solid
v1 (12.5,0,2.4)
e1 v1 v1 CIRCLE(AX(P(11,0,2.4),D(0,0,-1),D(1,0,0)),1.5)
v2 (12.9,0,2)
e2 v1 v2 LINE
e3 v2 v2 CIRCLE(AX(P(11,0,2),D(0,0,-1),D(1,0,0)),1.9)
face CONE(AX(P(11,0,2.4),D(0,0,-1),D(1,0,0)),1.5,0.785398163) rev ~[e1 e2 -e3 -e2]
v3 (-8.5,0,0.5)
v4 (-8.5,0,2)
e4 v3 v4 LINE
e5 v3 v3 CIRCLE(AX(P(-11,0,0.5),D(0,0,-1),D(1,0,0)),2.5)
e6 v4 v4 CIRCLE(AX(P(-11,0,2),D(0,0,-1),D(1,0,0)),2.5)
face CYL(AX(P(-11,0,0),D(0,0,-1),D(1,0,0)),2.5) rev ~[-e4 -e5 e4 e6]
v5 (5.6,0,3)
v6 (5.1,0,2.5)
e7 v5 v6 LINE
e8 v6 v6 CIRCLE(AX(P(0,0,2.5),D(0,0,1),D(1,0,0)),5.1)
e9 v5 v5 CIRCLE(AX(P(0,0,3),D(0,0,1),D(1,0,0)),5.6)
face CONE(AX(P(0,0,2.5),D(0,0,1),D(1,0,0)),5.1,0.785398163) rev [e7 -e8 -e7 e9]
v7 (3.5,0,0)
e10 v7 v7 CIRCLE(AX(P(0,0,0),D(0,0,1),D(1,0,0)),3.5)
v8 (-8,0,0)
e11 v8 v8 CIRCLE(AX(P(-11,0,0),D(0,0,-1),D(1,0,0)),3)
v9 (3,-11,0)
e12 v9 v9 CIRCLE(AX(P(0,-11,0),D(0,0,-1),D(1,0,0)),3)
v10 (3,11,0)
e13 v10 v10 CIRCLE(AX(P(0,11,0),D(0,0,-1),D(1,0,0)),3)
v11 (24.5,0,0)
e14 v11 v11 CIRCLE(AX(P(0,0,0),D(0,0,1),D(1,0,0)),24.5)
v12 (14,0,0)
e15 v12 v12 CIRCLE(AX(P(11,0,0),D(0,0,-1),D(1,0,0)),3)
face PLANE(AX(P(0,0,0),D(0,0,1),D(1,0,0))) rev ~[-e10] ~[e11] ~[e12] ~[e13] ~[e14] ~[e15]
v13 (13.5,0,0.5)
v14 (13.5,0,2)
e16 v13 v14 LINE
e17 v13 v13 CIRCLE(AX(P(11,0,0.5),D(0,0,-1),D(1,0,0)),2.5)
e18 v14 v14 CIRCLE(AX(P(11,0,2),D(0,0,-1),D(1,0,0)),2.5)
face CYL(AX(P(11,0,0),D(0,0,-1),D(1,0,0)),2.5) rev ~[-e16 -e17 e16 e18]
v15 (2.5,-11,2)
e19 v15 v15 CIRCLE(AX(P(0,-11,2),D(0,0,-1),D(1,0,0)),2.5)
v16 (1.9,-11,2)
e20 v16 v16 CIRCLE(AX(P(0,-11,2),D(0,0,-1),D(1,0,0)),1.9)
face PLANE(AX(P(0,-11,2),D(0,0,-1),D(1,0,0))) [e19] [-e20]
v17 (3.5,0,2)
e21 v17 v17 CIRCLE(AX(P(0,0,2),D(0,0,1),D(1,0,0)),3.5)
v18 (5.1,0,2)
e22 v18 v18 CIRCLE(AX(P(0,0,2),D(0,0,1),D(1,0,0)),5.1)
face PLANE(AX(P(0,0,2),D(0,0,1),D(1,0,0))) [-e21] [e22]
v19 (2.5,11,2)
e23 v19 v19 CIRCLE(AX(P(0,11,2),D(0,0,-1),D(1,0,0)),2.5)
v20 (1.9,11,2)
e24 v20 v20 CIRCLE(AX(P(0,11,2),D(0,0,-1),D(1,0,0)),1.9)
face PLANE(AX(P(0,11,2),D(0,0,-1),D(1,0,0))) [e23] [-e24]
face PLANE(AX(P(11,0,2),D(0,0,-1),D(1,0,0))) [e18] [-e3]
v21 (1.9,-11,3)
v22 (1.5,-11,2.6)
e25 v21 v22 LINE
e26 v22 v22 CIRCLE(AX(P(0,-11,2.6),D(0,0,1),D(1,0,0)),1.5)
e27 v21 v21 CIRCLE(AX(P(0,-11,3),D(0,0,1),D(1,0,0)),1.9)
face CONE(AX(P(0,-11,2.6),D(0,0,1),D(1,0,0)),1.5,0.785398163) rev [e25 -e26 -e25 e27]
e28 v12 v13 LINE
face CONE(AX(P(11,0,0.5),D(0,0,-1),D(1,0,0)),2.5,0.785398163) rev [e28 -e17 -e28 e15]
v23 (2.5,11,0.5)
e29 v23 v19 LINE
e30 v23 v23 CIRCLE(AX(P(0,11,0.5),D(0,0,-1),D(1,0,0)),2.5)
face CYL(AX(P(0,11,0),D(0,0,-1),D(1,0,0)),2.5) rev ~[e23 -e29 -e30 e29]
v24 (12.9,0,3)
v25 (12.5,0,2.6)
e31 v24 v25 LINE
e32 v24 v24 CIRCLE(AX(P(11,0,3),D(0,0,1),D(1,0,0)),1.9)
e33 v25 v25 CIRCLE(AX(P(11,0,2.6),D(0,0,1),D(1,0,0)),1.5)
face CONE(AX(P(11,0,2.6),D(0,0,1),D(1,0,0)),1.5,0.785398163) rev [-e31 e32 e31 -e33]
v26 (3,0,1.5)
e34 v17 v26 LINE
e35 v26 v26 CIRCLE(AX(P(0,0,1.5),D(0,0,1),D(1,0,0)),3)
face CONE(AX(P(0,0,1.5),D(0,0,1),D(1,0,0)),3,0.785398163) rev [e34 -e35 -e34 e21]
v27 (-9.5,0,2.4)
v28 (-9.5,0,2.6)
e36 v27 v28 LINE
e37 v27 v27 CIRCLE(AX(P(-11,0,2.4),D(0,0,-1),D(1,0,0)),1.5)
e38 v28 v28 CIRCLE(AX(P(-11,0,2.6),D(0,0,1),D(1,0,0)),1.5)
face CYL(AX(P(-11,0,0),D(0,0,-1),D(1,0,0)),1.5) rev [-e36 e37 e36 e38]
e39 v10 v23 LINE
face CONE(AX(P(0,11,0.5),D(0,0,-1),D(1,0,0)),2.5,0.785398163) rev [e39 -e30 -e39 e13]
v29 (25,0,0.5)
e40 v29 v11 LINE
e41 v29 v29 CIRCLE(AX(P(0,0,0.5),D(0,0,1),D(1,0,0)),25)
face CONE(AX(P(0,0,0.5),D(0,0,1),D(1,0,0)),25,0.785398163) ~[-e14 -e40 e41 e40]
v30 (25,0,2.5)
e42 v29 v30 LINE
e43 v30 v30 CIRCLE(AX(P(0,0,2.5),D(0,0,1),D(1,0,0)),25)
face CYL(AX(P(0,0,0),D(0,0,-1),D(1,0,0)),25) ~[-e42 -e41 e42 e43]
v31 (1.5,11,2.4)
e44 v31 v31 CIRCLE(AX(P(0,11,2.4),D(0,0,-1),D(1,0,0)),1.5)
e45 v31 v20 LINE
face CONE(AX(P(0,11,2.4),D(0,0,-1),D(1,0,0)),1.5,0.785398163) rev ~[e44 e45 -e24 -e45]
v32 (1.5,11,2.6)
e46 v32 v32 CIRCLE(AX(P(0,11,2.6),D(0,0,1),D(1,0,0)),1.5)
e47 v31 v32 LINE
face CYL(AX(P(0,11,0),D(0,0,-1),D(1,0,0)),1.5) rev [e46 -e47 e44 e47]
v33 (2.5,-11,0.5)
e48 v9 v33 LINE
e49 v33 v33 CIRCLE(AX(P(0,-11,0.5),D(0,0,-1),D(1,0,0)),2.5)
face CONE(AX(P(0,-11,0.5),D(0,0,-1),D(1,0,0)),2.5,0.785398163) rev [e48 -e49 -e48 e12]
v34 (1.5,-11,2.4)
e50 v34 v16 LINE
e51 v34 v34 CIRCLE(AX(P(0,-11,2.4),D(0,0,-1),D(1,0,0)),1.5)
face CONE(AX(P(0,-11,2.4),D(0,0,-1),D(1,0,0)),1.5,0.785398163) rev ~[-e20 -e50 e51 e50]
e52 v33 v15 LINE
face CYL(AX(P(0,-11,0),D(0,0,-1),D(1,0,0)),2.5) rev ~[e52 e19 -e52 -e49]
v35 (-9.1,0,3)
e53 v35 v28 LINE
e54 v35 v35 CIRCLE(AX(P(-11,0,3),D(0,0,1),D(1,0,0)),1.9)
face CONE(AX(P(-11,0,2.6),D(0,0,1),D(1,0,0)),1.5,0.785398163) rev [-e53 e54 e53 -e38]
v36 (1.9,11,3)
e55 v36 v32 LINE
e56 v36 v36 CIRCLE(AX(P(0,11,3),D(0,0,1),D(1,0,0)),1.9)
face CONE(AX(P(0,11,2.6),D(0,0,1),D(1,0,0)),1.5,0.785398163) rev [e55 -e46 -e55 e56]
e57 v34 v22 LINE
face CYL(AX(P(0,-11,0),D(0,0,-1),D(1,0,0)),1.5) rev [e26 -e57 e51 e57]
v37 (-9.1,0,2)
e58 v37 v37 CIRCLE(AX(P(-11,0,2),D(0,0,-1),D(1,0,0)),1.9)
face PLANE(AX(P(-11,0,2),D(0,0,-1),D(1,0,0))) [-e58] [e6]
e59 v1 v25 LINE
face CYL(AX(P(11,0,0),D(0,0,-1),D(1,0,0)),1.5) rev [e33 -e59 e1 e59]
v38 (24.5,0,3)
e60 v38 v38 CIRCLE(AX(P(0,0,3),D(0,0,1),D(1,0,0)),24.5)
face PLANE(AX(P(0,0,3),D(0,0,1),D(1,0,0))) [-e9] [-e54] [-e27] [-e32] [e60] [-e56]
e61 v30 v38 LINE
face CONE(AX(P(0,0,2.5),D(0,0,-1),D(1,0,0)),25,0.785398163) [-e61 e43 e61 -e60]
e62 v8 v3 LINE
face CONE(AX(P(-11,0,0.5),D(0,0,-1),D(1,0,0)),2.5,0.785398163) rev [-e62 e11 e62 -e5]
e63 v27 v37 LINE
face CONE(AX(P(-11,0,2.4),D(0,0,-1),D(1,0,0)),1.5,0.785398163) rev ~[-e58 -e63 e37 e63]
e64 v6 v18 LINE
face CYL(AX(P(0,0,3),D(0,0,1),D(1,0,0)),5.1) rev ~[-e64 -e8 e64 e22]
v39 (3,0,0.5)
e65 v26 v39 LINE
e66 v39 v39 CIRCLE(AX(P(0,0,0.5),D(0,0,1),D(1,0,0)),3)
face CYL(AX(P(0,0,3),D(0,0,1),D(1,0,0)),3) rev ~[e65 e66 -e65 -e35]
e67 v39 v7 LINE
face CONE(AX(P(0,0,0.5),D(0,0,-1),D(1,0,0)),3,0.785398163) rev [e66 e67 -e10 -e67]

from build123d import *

# Parameters (mm, degrees)
SKETCH_R        = 25
SKETCH_R_2      = 1.5
PAD_DEPTH       = 3
SKETCH002_R     = 3
POCKET_DEPTH    = 4
SKETCH001_R     = 5.1
POCKET001_DEPTH = 1
SKETCH003_R     = 2.5
POCKET002_DEPTH = 2
CHAMFER_SIZE    = 0.5
CHAMFER001_SIZE = 0.5
CHAMFER002_SIZE = 0.5
CHAMFER003_SIZE = 0.4
CHAMFER004_SIZE = 0.5


with BuildPart() as part:
    # Sketch → Pad (new body)
    with BuildSketch(Plane.XY):
        Circle(SKETCH_R)
        with Locations((0, 11)):
            Circle(SKETCH_R_2, mode=Mode.SUBTRACT)
        with Locations((-11, 0)):
            Circle(SKETCH_R_2, mode=Mode.SUBTRACT)
        with Locations((0, -11)):
            Circle(SKETCH_R_2, mode=Mode.SUBTRACT)
        with Locations((11, 0)):
            Circle(SKETCH_R_2, mode=Mode.SUBTRACT)
    extrude(amount=PAD_DEPTH)

    # Sketch002 (on Face7 of Pad) → Pocket (cut)
    with BuildSketch(Plane.XY.offset(3)):
        Circle(SKETCH002_R)
    extrude(amount=-POCKET_DEPTH, mode=Mode.SUBTRACT)

    # Sketch001 (on Face7 of Pad) → Pocket001 (cut)
    with BuildSketch(Plane.XY.offset(3)):
        Circle(SKETCH001_R)
    extrude(amount=-POCKET001_DEPTH, mode=Mode.SUBTRACT)

    # Sketch003 (on Face2 of Pocket001) → Pocket002 (cut)
    with BuildSketch(Plane(origin=(0, 0, 0), x_dir=(1, 0, 0), z_dir=(0, 0, -1))):
        with Locations((0, 11)):
            Circle(SKETCH003_R)
        with Locations((11, 0)):
            Circle(SKETCH003_R)
        with Locations((0, -11)):
            Circle(SKETCH003_R)
        with Locations((-11, 0)):
            Circle(SKETCH003_R)
    extrude(amount=-POCKET002_DEPTH, mode=Mode.SUBTRACT)

    # Chamfer
    chamfer_edges = [part.edges().sort_by_distance(p)[0] for p in [
        (-25, 0, 3),
        (-25, 0, 0),
    ]]
    chamfer(chamfer_edges, length=CHAMFER_SIZE)

    # Chamfer001
    chamfer001_edges = [part.edges().sort_by_distance(p)[0] for p in [
        (-5.1, 0, 3),
    ]]
    chamfer(chamfer001_edges, length=CHAMFER001_SIZE)

    # Chamfer002
    chamfer002_edges = [part.edges().sort_by_distance(p)[0] for p in [
        (-3, 0, 2),
        (-3, 0, 0),
    ]]
    chamfer(chamfer002_edges, length=CHAMFER002_SIZE)

    # Chamfer003
    chamfer003_edges = [part.edges().sort_by_distance(p)[0] for p in [
        (-1.5, 11, 3),
        (-1.5, 11, 2),
        (-12.5, 0, 3),
        (-12.5, 0, 2),
        (9.5, 0, 3),
        (9.5, 0, 2),
        (-1.5, -11, 3),
        (-1.5, -11, 2),
    ]]
    chamfer(chamfer003_edges, length=CHAMFER003_SIZE)

    # Chamfer004
    chamfer004_edges = [part.edges().sort_by_distance(p)[0] for p in [
        (-13.5, 0, 0),
        (-2.5, 11, 0),
        (8.5, 0, 0),
        (-2.5, -11, 0),
    ]]
    chamfer(chamfer004_edges, length=CHAMFER004_SIZE)


solid = part.part
